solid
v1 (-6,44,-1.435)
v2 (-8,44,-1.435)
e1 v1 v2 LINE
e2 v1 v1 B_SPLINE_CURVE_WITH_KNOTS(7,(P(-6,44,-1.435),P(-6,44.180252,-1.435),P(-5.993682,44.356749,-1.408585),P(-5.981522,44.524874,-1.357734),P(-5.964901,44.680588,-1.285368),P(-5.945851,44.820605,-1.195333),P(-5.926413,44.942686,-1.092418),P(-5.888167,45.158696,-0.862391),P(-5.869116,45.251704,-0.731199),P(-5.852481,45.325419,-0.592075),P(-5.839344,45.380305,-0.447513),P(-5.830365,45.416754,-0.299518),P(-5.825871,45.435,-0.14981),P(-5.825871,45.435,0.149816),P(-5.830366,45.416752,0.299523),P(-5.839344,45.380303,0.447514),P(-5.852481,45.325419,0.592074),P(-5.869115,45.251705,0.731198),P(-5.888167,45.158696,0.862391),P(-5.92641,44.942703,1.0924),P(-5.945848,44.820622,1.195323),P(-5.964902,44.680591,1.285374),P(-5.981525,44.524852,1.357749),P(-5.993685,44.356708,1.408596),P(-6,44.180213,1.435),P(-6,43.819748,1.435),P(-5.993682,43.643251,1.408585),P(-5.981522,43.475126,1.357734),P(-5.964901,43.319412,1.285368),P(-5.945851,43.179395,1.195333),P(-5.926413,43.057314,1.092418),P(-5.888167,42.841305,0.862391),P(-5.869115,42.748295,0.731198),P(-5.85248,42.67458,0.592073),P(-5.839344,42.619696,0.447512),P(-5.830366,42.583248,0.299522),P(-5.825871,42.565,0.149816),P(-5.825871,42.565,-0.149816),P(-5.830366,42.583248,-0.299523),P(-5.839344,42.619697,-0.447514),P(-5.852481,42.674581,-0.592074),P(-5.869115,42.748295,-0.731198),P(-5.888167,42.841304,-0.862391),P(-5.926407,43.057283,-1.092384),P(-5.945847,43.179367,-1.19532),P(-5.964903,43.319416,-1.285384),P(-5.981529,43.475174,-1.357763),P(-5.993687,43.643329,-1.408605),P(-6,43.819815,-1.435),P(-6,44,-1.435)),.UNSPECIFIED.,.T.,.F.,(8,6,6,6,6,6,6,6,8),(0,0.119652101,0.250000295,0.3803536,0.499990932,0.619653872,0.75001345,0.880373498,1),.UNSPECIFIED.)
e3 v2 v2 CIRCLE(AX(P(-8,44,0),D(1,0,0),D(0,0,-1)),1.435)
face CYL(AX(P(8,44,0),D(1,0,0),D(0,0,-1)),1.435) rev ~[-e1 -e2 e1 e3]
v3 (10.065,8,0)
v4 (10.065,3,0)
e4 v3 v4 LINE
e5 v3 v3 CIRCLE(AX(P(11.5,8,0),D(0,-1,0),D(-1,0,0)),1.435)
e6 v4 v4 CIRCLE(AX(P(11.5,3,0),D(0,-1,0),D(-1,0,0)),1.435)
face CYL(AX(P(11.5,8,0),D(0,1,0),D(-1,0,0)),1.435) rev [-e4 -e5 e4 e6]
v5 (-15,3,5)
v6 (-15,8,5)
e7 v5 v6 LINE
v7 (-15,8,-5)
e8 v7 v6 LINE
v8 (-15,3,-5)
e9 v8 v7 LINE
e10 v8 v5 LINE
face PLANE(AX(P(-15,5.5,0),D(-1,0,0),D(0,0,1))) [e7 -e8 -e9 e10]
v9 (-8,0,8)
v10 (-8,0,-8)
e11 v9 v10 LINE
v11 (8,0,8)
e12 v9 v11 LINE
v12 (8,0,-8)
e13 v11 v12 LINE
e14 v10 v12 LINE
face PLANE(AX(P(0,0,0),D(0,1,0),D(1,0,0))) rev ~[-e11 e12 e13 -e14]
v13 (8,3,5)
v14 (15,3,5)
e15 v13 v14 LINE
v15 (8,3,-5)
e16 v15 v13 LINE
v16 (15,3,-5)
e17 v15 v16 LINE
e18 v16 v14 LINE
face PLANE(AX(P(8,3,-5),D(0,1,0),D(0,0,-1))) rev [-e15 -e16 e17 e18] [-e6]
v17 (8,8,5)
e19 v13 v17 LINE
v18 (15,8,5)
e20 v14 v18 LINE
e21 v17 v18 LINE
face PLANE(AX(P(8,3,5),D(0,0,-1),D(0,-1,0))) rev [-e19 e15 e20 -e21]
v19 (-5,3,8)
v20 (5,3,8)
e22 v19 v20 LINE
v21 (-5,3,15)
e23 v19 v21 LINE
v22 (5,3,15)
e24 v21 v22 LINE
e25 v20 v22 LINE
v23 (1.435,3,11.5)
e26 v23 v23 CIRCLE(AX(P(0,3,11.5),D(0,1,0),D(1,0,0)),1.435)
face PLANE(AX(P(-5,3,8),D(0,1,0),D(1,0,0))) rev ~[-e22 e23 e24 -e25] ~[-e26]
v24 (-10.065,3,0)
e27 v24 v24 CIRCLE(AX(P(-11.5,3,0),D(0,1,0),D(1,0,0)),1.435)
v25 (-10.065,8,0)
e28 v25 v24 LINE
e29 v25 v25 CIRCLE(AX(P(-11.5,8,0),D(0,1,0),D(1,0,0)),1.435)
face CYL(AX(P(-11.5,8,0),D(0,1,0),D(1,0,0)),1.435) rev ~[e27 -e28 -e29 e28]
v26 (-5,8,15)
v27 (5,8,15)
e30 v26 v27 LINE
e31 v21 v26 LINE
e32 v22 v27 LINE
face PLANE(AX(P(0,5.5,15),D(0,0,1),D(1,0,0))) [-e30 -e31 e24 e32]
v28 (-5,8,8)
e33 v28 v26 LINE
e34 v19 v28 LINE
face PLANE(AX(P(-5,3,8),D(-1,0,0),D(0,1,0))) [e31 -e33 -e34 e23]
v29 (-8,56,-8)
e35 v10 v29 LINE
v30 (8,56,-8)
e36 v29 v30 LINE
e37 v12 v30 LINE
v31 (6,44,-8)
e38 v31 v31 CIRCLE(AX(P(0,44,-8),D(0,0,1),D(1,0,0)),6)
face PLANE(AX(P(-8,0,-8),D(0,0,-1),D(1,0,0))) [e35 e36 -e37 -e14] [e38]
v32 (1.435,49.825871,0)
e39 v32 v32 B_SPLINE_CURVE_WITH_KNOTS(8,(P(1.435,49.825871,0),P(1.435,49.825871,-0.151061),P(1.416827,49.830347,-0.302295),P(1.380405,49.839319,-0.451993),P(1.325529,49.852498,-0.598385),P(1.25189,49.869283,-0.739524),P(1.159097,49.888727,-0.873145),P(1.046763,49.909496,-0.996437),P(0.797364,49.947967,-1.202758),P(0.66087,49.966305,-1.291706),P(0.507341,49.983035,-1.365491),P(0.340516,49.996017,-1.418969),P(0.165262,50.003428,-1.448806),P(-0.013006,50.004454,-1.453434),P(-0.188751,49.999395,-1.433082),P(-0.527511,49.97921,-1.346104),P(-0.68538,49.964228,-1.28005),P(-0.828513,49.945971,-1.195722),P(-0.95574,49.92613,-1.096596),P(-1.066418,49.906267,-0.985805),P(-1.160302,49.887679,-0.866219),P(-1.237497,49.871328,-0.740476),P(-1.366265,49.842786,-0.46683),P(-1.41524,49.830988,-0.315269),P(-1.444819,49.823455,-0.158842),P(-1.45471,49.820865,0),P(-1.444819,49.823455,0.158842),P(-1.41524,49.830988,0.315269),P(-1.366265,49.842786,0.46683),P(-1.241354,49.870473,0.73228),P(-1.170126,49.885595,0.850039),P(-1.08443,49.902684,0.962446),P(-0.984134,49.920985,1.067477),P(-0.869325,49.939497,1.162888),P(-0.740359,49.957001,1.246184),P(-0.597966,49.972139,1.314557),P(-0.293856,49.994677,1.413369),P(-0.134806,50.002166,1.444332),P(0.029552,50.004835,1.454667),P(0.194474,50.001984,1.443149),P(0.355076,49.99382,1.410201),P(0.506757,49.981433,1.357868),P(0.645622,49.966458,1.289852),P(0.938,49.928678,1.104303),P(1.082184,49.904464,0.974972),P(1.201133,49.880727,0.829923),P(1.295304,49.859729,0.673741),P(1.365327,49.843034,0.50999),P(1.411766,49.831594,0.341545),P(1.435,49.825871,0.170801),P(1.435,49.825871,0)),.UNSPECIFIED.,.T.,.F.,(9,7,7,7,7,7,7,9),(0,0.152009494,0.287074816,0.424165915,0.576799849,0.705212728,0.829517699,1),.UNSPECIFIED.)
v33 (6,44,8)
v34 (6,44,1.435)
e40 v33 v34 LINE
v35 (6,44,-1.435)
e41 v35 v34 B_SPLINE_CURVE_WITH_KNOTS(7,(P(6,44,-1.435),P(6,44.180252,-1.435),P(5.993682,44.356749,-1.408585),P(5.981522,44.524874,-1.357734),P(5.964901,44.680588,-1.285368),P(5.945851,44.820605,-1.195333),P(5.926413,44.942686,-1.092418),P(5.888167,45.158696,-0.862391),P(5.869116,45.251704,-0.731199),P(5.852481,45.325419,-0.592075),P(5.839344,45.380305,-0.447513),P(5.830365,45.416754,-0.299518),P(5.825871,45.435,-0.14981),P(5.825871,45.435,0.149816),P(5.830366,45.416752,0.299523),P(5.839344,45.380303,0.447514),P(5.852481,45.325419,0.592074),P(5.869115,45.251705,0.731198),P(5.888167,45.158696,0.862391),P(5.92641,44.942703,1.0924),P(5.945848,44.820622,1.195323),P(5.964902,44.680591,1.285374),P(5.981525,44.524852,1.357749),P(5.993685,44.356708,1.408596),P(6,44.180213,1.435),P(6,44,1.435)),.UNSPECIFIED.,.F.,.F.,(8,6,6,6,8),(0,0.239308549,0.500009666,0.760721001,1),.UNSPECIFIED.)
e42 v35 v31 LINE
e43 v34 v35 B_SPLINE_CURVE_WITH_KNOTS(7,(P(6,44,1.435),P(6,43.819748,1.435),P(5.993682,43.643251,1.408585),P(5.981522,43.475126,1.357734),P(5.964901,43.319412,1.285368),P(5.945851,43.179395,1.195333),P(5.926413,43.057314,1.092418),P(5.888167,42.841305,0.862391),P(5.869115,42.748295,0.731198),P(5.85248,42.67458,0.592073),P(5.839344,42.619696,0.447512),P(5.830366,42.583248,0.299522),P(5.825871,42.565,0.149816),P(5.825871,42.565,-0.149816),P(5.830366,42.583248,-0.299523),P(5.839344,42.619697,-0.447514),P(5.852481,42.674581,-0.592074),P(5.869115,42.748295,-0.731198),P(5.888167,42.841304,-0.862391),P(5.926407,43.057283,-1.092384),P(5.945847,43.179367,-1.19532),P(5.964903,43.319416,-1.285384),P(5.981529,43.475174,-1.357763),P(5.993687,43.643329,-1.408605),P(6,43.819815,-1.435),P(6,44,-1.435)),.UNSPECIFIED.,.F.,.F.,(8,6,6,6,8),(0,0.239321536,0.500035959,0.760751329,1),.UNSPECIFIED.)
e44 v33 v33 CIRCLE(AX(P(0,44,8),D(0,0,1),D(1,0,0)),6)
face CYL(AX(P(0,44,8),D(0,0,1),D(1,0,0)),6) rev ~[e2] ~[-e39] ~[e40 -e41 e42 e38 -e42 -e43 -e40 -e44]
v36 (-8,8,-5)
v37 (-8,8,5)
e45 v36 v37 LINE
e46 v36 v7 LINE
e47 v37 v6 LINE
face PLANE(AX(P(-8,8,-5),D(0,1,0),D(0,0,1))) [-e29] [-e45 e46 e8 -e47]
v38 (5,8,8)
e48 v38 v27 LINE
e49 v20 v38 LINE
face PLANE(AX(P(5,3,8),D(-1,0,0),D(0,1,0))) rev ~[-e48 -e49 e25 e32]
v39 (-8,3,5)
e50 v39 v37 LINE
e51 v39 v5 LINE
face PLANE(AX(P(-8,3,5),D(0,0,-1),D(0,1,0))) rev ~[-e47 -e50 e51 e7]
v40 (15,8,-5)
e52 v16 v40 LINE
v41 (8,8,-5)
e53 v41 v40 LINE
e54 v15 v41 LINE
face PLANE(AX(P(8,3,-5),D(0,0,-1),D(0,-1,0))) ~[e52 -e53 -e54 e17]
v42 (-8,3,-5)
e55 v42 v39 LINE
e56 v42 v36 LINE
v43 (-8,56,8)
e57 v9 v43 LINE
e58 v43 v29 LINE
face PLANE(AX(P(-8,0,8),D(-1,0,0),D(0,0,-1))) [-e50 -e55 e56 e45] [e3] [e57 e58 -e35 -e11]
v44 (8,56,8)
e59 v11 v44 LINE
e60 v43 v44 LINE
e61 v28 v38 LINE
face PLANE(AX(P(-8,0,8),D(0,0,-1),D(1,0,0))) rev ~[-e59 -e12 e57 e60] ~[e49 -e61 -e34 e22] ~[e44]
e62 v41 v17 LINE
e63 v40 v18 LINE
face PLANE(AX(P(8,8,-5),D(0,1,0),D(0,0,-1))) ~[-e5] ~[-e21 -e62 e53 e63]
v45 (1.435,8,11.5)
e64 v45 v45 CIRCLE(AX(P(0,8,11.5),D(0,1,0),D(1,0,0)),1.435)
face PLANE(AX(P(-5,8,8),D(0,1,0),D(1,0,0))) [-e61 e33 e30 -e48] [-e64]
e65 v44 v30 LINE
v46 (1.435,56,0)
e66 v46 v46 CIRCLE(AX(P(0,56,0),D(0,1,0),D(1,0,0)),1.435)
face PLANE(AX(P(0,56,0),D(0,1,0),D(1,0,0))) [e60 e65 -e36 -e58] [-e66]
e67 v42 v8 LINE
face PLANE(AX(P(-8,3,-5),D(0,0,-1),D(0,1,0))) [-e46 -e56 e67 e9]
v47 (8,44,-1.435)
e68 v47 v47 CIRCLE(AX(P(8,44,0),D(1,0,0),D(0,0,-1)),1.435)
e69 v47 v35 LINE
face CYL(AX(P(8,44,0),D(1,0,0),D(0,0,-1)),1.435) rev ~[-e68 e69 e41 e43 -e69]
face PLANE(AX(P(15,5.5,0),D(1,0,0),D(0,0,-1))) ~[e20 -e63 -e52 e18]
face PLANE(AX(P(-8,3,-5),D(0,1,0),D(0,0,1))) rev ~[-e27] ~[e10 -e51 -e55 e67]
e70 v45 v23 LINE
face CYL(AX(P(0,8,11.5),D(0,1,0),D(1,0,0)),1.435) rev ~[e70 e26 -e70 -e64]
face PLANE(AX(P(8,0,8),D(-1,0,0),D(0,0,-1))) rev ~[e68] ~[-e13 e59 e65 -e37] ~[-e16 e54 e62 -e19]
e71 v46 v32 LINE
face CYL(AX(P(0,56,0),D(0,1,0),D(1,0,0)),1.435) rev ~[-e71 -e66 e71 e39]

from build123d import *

# Parameters (mm, degrees)
CROQUIS1_W              = 16
CROQUIS1_H              = 16
SALIENTE_EXTRUIR1_DEPTH = 56
CORTAR_EXTRUIR1_REACH   = 18
CROQUIS2_R              = 6
CROQUIS3_R              = 1.435
CORTAR_EXTRUIR2_DEPTH   = 16
CORTAR_EXTRUIR3_REACH   = 58
CROQUIS4_R              = 1.435
CROQUIS5_W              = 10
CROQUIS5_H              = 5
SALIENTE_EXTRUIR2_DEPTH = 7
CROQUIS6_R              = 1.435
CORTAR_EXTRUIR4_DEPTH   = 5
CROQUIS7_W              = 10
CROQUIS7_H              = 5
SALIENTE_EXTRUIR3_DEPTH = 7
CORTAR_EXTRUIR5_REACH   = 10
CROQUIS8_R              = 1.435


with BuildPart() as part:
    # Croquis1 → Saliente-Extruir1 (new body)
    with BuildSketch(Plane(origin=(0, 0, 0), x_dir=(1, 0, 0), z_dir=(0, 1, 0))):
        Rectangle(CROQUIS1_W, CROQUIS1_H)
    extrude(amount=SALIENTE_EXTRUIR1_DEPTH)

    # Croquis2 → Cortar-Extruir1 (cut, up to next)
    with BuildSketch(Plane.XY.offset(8), mode=Mode.PRIVATE) as cortar_extruir1_sk1:
        with Locations((0, 44)):
            Circle(CROQUIS2_R)
    cortar_extruir1_tool1 = extrude(cortar_extruir1_sk1.sketch, amount=-CORTAR_EXTRUIR1_REACH, mode=Mode.PRIVATE) & part.part
    add(cortar_extruir1_tool1.solids().sort_by_distance((0, 44, 8))[0], mode=Mode.SUBTRACT)

    # Croquis3 → Cortar-Extruir2 (cut)
    with BuildSketch(Plane(origin=(8, 0, 0), x_dir=(0, 0, -1), z_dir=(1, 0, 0))):
        with Locations((0, 44)):
            Circle(CROQUIS3_R)
    extrude(amount=-CORTAR_EXTRUIR2_DEPTH, mode=Mode.SUBTRACT)

    # Croquis4 → Cortar-Extruir3 (cut, up to next)
    with BuildSketch(Plane(origin=(0, 56, 0), x_dir=(1, 0, 0), z_dir=(0, 1, 0)), mode=Mode.PRIVATE) as cortar_extruir3_sk1:
        Circle(CROQUIS4_R)
    cortar_extruir3_tool1 = extrude(cortar_extruir3_sk1.sketch, amount=-CORTAR_EXTRUIR3_REACH, mode=Mode.PRIVATE) & part.part
    add(cortar_extruir3_tool1.solids().sort_by_distance((0, 56, 0))[0], mode=Mode.SUBTRACT)

    # Croquis5 → Saliente-Extruir2 (add)
    with BuildSketch(Plane.ZY.offset(8)):
        with Locations((0, 5.5)):
            Rectangle(CROQUIS5_W, CROQUIS5_H)
    saliente_extruir2 = extrude(amount=SALIENTE_EXTRUIR2_DEPTH)

    # Croquis6 → Cortar-Extruir4 (cut)
    with BuildSketch(Plane(origin=(0, 8, 0), x_dir=(1, 0, 0), z_dir=(0, 1, 0))):
        with Locations((-11.5, 0)):
            Circle(CROQUIS6_R)
    cortar_extruir4 = extrude(amount=-CORTAR_EXTRUIR4_DEPTH, mode=Mode.SUBTRACT)

    # Simetría1: Saliente-Extruir2, Cortar-Extruir4 across plane
    add(saliente_extruir2.mirror(Plane(origin=(0, 0, 0), x_dir=(0, 0, 1), z_dir=(1, 0, 0))))
    add(cortar_extruir4.mirror(Plane(origin=(0, 0, 0), x_dir=(0, 0, 1), z_dir=(1, 0, 0))), mode=Mode.SUBTRACT)

    # Croquis7 → Saliente-Extruir3 (add)
    with BuildSketch(Plane.XY.offset(8)):
        with Locations((0, 5.5)):
            Rectangle(CROQUIS7_W, CROQUIS7_H)
    extrude(amount=SALIENTE_EXTRUIR3_DEPTH)

    # Croquis8 → Cortar-Extruir5 (cut, up to next)
    with BuildSketch(Plane(origin=(0, 8, 0), x_dir=(1, 0, 0), z_dir=(0, 1, 0)), mode=Mode.PRIVATE) as cortar_extruir5_sk1:
        with Locations((0, -11.5)):
            Circle(CROQUIS8_R)
    cortar_extruir5_tool1 = extrude(cortar_extruir5_sk1.sketch, amount=-CORTAR_EXTRUIR5_REACH, mode=Mode.PRIVATE) & part.part
    add(cortar_extruir5_tool1.solids().sort_by_distance((0, 8, 11.5))[0], mode=Mode.SUBTRACT)


solid = part.part
